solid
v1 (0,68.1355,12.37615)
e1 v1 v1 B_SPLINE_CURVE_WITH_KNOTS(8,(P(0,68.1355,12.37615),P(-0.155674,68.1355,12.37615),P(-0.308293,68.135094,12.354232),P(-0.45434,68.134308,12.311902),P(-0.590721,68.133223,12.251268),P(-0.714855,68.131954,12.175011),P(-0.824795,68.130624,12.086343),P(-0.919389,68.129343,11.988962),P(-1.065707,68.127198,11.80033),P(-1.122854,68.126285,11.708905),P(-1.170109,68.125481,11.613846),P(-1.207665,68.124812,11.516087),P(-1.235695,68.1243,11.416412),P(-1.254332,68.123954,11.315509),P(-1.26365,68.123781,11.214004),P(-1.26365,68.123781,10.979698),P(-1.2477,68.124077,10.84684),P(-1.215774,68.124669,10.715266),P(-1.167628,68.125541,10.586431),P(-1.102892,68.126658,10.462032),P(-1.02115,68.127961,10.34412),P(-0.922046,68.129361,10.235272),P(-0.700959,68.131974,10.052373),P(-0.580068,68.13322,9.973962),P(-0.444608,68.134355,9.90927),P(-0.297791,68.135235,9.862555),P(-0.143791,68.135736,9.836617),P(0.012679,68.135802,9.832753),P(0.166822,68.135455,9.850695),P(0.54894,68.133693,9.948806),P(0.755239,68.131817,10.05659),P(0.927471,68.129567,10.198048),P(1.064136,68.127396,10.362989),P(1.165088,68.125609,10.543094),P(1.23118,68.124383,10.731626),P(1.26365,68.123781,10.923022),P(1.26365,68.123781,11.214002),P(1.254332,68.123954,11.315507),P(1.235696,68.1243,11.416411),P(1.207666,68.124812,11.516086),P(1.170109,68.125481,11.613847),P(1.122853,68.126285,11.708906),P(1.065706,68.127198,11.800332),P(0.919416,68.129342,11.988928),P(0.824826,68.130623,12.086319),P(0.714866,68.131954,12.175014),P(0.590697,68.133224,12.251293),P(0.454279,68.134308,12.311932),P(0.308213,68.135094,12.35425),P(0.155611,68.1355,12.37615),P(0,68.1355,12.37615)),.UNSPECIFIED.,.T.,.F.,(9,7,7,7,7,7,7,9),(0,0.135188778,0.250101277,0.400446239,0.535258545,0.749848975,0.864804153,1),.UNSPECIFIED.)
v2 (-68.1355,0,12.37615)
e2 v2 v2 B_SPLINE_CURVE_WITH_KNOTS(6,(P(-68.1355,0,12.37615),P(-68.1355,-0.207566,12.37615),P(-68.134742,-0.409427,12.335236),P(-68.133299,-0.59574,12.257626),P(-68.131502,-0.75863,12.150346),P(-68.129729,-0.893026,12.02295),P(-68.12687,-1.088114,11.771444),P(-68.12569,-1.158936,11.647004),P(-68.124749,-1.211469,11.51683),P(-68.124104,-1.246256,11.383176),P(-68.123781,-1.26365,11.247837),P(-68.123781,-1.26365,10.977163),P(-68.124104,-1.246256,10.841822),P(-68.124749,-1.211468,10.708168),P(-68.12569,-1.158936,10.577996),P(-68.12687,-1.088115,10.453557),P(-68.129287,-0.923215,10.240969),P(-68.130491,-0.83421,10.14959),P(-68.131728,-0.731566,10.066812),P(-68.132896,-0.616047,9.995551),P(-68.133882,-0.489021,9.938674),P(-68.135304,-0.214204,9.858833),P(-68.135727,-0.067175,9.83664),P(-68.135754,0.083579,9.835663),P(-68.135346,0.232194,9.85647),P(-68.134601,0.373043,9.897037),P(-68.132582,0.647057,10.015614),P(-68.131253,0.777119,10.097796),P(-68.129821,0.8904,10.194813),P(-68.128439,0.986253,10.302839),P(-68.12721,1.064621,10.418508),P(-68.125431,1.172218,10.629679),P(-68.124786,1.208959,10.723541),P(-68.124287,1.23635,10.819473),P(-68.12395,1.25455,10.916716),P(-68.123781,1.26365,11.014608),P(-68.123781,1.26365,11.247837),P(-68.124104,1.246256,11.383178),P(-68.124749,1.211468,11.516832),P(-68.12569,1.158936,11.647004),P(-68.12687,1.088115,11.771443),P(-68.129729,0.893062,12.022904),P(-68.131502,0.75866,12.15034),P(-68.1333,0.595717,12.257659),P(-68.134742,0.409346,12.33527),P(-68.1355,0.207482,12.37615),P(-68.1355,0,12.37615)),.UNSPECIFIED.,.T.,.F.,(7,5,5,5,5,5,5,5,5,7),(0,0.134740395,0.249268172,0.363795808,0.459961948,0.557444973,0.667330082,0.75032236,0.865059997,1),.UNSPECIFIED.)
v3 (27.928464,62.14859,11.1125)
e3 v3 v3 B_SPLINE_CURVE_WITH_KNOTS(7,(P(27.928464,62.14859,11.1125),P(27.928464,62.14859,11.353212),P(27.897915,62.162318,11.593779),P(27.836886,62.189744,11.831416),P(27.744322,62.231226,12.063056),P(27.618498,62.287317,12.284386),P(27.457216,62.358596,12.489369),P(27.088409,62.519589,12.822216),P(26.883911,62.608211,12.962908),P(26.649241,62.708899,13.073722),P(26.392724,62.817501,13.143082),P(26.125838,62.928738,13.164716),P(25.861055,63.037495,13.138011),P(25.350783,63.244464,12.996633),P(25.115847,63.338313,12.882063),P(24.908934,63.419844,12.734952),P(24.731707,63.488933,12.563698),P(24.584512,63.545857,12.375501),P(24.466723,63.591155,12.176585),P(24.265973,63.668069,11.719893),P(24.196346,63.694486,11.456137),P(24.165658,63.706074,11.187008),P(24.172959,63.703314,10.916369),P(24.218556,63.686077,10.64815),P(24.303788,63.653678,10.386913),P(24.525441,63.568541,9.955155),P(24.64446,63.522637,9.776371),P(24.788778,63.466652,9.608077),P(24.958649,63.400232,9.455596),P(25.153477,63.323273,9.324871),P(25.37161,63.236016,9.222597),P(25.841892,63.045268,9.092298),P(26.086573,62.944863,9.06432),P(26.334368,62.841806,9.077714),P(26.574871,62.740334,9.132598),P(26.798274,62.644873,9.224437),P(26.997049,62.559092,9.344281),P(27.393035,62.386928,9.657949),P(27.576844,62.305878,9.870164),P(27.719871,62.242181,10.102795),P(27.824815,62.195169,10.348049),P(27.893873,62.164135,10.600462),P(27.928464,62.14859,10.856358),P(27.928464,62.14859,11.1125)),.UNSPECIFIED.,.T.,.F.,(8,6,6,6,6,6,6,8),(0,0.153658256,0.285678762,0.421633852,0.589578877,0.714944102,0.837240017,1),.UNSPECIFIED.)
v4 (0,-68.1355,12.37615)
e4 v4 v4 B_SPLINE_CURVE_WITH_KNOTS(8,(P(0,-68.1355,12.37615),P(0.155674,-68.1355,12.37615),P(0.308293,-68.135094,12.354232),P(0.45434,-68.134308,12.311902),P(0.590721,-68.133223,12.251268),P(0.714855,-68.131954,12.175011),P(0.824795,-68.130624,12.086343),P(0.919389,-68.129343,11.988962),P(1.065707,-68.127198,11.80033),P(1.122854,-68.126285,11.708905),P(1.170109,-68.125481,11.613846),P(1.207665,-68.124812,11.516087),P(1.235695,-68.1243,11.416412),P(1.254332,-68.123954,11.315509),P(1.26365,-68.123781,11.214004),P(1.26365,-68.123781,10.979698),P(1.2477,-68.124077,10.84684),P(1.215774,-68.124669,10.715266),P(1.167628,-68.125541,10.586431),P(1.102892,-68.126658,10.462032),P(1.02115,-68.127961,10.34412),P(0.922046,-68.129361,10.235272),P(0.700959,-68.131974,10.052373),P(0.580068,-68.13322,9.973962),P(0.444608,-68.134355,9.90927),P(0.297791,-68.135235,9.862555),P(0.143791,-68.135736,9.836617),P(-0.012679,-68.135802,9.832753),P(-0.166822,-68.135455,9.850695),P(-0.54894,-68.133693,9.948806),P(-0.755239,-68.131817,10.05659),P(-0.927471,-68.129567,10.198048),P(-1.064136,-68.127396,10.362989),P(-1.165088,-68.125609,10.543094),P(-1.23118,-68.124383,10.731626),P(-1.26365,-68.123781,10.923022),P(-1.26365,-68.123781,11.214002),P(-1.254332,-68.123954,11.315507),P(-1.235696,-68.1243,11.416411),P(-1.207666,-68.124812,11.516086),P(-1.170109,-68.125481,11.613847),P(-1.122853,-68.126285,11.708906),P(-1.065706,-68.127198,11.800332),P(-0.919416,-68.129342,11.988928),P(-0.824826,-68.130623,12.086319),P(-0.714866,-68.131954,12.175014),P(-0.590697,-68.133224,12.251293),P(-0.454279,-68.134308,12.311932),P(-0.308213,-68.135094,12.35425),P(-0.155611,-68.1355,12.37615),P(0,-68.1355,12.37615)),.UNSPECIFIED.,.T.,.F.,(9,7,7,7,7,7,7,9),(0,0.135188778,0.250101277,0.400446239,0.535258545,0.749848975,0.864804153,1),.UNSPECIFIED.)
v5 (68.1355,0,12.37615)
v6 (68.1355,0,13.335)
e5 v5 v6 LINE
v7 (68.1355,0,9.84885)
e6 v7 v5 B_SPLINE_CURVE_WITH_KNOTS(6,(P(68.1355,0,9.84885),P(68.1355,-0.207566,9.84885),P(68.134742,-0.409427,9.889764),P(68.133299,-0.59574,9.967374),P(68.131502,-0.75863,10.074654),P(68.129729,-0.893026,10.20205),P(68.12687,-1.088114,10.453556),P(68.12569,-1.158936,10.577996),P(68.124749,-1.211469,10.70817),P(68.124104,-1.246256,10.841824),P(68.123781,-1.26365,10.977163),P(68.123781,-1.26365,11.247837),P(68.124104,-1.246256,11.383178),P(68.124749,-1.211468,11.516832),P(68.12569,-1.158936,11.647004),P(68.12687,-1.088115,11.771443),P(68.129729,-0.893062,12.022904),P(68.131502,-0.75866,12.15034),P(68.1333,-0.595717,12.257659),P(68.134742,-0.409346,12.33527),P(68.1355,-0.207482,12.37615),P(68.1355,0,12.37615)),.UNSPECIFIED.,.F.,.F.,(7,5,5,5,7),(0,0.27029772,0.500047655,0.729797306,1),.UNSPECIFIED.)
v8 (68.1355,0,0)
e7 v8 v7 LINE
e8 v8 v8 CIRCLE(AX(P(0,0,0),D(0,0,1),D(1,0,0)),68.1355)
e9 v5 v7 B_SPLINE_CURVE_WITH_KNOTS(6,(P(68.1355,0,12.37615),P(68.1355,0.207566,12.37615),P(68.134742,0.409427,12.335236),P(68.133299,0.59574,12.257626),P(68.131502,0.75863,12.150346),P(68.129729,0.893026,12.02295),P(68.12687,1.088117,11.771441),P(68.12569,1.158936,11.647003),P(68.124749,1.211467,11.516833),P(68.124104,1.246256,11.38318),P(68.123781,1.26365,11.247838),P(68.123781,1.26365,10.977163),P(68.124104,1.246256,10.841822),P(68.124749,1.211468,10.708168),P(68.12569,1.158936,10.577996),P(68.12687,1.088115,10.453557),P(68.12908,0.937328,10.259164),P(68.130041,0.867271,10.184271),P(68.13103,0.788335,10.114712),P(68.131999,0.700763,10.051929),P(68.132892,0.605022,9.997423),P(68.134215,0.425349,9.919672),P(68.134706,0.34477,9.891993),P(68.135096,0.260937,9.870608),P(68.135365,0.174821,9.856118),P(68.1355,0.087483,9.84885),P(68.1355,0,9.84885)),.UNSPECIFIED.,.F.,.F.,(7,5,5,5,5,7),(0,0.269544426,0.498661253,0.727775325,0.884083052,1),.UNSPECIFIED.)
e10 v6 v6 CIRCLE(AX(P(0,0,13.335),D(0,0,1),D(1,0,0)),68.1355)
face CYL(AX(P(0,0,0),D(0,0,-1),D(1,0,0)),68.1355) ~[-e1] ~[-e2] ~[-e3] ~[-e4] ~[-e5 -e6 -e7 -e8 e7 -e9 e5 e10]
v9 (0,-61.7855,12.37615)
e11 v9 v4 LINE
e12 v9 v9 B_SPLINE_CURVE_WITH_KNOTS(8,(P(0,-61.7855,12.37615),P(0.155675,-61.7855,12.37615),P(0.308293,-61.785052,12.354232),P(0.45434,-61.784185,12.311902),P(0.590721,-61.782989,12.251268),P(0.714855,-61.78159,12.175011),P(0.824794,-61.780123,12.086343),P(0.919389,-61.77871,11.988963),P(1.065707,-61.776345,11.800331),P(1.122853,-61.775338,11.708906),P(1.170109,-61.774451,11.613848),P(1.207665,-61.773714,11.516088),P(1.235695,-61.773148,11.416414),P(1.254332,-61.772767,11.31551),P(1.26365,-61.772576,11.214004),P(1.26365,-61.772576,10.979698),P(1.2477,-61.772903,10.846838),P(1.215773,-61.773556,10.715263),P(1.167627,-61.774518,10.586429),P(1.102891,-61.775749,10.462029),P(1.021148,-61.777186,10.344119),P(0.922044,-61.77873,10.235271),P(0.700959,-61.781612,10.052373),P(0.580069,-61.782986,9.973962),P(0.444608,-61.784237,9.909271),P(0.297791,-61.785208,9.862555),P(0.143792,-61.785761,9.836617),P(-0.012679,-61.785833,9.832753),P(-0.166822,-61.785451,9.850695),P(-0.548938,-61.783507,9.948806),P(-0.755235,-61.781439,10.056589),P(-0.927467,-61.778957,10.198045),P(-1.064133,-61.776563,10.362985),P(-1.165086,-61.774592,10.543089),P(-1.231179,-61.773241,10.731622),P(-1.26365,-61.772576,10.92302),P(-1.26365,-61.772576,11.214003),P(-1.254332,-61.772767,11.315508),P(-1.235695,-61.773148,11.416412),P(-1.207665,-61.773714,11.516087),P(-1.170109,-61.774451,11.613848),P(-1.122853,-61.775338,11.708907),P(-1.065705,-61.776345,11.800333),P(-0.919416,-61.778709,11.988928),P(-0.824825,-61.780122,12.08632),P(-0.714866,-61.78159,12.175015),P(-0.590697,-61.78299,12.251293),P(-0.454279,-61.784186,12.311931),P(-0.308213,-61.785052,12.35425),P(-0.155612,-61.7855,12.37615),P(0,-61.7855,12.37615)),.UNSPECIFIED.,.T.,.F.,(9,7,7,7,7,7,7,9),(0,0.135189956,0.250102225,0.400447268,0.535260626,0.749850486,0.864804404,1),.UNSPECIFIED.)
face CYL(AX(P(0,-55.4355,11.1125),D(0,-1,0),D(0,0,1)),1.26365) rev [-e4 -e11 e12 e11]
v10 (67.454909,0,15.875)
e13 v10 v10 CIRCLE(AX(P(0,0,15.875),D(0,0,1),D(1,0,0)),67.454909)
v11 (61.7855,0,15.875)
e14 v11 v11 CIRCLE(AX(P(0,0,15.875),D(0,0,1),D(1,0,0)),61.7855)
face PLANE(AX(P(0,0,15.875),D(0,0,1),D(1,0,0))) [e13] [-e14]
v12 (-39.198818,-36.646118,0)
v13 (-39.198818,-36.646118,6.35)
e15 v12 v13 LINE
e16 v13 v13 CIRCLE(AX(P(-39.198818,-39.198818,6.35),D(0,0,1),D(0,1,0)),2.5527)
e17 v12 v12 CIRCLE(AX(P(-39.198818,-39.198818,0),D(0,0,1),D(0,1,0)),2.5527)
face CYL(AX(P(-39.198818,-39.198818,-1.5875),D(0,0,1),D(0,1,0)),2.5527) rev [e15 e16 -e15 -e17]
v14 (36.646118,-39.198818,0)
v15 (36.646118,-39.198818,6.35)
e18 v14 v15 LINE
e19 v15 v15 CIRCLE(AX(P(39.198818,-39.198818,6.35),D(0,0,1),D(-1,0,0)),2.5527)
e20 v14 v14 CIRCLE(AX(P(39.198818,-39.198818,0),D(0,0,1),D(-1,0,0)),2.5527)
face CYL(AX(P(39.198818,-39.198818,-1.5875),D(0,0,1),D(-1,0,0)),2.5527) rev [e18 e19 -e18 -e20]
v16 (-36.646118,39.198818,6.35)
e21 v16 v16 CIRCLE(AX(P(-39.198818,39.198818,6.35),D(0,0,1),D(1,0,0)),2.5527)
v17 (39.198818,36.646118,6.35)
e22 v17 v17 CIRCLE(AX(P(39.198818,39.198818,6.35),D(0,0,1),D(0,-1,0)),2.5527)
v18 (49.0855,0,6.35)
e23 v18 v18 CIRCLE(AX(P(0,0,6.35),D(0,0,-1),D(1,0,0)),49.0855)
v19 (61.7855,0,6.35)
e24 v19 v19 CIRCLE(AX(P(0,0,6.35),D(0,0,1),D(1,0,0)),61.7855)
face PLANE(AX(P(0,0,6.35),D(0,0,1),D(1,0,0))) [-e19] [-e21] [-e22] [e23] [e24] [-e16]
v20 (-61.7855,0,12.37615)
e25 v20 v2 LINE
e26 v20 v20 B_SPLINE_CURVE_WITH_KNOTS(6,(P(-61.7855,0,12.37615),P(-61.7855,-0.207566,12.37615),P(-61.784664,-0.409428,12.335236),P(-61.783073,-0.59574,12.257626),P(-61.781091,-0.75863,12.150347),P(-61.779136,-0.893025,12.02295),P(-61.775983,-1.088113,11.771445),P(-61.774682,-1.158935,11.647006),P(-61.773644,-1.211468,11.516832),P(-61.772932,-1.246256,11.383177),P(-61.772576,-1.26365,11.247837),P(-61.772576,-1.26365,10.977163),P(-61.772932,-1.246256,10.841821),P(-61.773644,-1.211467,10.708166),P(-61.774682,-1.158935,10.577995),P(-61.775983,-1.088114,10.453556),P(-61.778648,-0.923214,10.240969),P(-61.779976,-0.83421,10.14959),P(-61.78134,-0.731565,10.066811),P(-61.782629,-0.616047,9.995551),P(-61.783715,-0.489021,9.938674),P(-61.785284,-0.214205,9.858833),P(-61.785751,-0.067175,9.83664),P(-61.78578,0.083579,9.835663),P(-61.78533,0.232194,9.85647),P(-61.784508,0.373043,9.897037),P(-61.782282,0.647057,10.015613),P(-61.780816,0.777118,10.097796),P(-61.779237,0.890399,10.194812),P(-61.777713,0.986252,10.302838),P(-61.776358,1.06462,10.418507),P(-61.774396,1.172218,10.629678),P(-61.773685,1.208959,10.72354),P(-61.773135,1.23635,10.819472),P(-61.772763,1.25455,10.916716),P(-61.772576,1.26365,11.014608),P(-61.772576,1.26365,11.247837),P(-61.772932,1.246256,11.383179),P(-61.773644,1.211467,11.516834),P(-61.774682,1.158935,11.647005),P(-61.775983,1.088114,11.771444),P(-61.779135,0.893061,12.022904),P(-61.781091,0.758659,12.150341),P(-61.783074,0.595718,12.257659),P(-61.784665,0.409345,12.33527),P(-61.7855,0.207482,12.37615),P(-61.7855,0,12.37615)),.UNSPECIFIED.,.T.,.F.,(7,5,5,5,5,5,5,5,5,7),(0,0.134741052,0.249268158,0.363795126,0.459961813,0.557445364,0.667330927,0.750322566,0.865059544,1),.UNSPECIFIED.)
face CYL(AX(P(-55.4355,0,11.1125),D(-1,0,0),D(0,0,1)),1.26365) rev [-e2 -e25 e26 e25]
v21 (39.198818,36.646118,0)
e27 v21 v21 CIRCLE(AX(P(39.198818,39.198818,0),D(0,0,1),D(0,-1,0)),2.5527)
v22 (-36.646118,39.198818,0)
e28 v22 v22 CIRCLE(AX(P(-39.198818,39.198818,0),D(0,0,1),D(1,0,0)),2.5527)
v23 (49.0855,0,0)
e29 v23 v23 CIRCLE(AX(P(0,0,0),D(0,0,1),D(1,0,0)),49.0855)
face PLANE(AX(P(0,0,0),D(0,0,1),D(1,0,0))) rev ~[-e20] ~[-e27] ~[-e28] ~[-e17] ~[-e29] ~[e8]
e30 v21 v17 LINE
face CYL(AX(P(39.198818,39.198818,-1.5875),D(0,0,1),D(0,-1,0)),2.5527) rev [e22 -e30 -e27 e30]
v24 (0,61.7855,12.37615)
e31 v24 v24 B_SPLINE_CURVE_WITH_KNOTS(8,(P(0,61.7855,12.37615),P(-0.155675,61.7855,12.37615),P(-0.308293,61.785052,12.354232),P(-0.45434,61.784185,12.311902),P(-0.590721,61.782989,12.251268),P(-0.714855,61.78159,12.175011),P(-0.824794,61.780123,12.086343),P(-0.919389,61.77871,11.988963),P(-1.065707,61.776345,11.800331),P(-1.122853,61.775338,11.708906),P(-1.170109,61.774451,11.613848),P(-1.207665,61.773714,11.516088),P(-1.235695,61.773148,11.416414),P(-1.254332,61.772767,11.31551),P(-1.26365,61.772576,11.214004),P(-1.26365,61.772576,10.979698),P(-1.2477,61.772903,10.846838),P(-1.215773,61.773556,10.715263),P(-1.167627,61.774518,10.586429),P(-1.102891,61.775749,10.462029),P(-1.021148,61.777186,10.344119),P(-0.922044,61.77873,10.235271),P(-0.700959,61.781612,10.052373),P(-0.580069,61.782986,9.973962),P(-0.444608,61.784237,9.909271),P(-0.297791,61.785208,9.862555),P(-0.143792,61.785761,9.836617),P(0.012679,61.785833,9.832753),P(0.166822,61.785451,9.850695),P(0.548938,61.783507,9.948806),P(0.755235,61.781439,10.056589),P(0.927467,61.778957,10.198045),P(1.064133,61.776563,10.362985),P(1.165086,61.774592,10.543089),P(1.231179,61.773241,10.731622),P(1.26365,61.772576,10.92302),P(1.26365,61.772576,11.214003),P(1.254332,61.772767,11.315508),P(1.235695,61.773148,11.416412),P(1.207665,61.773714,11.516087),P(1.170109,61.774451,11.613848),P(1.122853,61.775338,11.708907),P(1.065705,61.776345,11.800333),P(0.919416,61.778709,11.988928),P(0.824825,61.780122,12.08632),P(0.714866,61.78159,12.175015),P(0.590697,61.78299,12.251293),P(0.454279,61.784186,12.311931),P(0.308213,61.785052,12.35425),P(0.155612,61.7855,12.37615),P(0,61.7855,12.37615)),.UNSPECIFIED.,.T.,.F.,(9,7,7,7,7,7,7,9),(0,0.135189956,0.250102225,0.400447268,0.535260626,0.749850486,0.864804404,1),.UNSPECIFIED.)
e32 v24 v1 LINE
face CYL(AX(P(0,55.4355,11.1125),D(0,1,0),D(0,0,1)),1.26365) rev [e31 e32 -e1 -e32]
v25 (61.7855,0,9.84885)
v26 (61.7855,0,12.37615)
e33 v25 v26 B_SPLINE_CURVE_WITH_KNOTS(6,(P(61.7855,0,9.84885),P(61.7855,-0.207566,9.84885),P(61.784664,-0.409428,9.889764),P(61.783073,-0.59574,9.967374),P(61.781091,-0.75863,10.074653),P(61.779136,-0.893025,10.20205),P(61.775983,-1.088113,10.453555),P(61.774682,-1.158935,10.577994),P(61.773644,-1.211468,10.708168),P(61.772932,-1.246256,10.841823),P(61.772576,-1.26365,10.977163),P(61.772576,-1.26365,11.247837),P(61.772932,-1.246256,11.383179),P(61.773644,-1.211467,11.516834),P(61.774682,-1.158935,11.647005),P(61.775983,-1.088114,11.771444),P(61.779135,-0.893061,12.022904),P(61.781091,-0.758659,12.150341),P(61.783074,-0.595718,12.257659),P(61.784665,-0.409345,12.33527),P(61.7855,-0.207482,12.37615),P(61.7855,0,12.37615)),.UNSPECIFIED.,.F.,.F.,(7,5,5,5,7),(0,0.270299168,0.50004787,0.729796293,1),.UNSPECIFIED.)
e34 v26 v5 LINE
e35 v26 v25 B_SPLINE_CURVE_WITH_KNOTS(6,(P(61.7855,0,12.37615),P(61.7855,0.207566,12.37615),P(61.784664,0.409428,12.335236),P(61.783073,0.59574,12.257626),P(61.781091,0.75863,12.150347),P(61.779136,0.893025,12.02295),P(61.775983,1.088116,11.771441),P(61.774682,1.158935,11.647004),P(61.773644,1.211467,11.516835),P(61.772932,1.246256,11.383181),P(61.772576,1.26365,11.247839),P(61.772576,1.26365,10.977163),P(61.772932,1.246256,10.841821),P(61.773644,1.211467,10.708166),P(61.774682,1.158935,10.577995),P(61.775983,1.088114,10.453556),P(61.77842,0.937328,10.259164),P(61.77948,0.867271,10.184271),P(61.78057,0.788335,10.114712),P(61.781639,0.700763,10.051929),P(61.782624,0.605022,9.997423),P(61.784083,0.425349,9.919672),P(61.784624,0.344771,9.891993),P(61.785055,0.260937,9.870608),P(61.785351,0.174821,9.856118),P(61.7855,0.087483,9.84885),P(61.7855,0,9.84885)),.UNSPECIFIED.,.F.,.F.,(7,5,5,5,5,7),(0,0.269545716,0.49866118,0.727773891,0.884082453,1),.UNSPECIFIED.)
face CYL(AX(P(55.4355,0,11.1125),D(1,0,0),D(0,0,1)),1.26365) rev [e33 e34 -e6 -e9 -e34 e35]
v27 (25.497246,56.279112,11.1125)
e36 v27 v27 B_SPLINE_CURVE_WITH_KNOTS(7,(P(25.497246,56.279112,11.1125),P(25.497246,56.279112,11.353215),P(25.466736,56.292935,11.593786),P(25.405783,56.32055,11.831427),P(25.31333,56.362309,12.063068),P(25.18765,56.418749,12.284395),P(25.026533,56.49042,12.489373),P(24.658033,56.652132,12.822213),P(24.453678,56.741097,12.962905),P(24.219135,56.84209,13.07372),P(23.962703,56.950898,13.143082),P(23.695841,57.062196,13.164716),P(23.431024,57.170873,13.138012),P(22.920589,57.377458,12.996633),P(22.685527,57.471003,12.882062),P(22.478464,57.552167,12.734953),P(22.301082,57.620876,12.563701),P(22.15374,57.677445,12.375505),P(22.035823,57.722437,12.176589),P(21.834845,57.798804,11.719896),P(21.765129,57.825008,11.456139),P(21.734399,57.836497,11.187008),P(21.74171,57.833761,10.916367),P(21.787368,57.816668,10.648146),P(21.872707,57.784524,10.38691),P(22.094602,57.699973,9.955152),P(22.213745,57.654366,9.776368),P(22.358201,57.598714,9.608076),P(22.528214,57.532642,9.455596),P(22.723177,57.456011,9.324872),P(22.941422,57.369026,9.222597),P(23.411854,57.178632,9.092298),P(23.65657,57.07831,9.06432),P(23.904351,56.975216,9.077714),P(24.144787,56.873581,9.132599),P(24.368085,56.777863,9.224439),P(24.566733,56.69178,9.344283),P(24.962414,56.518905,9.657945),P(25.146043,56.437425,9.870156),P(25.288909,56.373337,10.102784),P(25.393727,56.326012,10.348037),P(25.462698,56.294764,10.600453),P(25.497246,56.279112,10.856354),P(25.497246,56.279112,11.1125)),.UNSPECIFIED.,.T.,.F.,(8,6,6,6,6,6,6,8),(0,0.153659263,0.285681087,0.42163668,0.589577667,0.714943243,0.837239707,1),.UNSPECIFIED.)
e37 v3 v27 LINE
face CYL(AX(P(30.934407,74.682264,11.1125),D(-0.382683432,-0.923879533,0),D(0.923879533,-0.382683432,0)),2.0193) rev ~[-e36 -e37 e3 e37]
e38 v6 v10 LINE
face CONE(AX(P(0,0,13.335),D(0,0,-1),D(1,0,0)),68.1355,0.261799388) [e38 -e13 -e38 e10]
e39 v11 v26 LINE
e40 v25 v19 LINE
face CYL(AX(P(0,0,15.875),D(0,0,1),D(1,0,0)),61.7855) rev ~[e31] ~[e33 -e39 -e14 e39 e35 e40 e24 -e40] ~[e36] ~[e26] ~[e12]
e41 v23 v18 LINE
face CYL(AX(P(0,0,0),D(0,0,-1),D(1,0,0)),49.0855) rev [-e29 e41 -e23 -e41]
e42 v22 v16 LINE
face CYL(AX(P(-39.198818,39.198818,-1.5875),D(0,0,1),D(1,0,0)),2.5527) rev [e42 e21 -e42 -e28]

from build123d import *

# Parameters (mm, degrees)
SKETCH1_R                       = 68.1355
SKETCH1_R_2                     = 49.0855
EXTRUDE1_DEPTH                  = 15.875
SKETCH2_R                       = 61.7855
EXTRUDE2_DEPTH                  = 9.525
F_21_0_159_DIAMETER_HOLE1_D     = 4.0386
F_21_0_159_DIAMETER_HOLE1_DEPTH = 12.7
F_21_0_159_DIAMETER_HOLE1_TIP   = 1.213317848
CIRPATTERN1_COUNT               = 4
CIRPATTERN2_COUNT               = 4
CHAMFER1_SIZE                   = 2.54
CHAMFER1_SIZE2                  = 0.680590949


with BuildPart() as part:
    # Sketch1 → Extrude1 (new body)
    with BuildSketch(Plane.XY):
        Circle(SKETCH1_R)
        Circle(SKETCH1_R_2, mode=Mode.SUBTRACT)
    extrude(amount=EXTRUDE1_DEPTH)

    # Sketch2 → Extrude2 (cut)
    with BuildSketch(Plane.XY.offset(15.875)):
        Circle(SKETCH2_R)
    extrude(amount=-EXTRUDE2_DEPTH, mode=Mode.SUBTRACT)

    # #21 (0.159) Diameter Hole1
    with Locations(Plane(origin=(26.074327006, 62.948993887, 11.1125), x_dir=(-0.9238795325112864, 0.38268343236509067, 0), z_dir=(0.38268343236509067, 0.9238795325112864, 0))):
        with Locations((0, 0)):
            Hole(F_21_0_159_DIAMETER_HOLE1_D / 2, depth=F_21_0_159_DIAMETER_HOLE1_DEPTH)
            with Locations((0, 0, -(F_21_0_159_DIAMETER_HOLE1_DEPTH + F_21_0_159_DIAMETER_HOLE1_TIP / 2))):  # 118° drill point
                Cone(0, F_21_0_159_DIAMETER_HOLE1_D / 2, F_21_0_159_DIAMETER_HOLE1_TIP, mode=Mode.SUBTRACT)

    # Sketch4 → #39 (0.0995) Diameter Hole2 (revolve, cut)
    with BuildSketch(Plane(origin=(0, 68.1355, 11.1125), x_dir=(0, 0, 1), z_dir=(1, 0, 0))):
        Polygon((0, 0), (0, 13.459277521), (1.26365, 12.7), (1.26365, 0), align=None)
    f_39_0_0995_diameter_hole2 = revolve(axis=Axis((0, 74.4855, 11.1125), (0, -1, 0)), mode=Mode.SUBTRACT)

    # CirPattern1: #39 (0.0995) Diameter Hole2 ×4 about axis
    cirpattern1_axis = Axis((0, 0, 15.875), (0, 0, -1))
    for i in range(1, CIRPATTERN1_COUNT):
        add(f_39_0_0995_diameter_hole2.rotate(cirpattern1_axis, i * 360 / CIRPATTERN1_COUNT), mode=Mode.SUBTRACT)

    # Sketch8 → #7 (0.201) Diameter Hole1 (revolve, cut)
    with BuildSketch(Plane(origin=(39.198817968, 39.198817968, 11.1125), x_dir=(0, -1, 0), z_dir=(1, 0, 0))):
        Polygon((0, 0), (0, 14.233816902), (2.5527, 12.7), (2.5527, 0), align=None)
    f_7_0_201_diameter_hole1 = revolve(axis=Axis((39.198817968, 39.198817968, 17.4625), (0, 0, -1)), mode=Mode.SUBTRACT)

    # CirPattern2: #7 (0.201) Diameter Hole1 ×4 about axis
    cirpattern2_axis = Axis((0, 0, 0), (0, 0, 1))
    for i in range(1, CIRPATTERN2_COUNT):
        add(f_7_0_201_diameter_hole1.rotate(cirpattern2_axis, i * 360 / CIRPATTERN2_COUNT), mode=Mode.SUBTRACT)

    # Chamfer1
    chamfer1_edges = [part.edges().sort_by_distance(p)[0] for p in [
        (-68.1355, 0, 15.875),
    ]]
    chamfer1_side = [part.faces().sort_by_distance(p)[0] for p in [
        (-68.1355, 0, 7.9375),
    ]]
    chamfer(chamfer1_edges, length=CHAMFER1_SIZE, length2=CHAMFER1_SIZE2, reference=chamfer1_side[0])


solid = part.part
